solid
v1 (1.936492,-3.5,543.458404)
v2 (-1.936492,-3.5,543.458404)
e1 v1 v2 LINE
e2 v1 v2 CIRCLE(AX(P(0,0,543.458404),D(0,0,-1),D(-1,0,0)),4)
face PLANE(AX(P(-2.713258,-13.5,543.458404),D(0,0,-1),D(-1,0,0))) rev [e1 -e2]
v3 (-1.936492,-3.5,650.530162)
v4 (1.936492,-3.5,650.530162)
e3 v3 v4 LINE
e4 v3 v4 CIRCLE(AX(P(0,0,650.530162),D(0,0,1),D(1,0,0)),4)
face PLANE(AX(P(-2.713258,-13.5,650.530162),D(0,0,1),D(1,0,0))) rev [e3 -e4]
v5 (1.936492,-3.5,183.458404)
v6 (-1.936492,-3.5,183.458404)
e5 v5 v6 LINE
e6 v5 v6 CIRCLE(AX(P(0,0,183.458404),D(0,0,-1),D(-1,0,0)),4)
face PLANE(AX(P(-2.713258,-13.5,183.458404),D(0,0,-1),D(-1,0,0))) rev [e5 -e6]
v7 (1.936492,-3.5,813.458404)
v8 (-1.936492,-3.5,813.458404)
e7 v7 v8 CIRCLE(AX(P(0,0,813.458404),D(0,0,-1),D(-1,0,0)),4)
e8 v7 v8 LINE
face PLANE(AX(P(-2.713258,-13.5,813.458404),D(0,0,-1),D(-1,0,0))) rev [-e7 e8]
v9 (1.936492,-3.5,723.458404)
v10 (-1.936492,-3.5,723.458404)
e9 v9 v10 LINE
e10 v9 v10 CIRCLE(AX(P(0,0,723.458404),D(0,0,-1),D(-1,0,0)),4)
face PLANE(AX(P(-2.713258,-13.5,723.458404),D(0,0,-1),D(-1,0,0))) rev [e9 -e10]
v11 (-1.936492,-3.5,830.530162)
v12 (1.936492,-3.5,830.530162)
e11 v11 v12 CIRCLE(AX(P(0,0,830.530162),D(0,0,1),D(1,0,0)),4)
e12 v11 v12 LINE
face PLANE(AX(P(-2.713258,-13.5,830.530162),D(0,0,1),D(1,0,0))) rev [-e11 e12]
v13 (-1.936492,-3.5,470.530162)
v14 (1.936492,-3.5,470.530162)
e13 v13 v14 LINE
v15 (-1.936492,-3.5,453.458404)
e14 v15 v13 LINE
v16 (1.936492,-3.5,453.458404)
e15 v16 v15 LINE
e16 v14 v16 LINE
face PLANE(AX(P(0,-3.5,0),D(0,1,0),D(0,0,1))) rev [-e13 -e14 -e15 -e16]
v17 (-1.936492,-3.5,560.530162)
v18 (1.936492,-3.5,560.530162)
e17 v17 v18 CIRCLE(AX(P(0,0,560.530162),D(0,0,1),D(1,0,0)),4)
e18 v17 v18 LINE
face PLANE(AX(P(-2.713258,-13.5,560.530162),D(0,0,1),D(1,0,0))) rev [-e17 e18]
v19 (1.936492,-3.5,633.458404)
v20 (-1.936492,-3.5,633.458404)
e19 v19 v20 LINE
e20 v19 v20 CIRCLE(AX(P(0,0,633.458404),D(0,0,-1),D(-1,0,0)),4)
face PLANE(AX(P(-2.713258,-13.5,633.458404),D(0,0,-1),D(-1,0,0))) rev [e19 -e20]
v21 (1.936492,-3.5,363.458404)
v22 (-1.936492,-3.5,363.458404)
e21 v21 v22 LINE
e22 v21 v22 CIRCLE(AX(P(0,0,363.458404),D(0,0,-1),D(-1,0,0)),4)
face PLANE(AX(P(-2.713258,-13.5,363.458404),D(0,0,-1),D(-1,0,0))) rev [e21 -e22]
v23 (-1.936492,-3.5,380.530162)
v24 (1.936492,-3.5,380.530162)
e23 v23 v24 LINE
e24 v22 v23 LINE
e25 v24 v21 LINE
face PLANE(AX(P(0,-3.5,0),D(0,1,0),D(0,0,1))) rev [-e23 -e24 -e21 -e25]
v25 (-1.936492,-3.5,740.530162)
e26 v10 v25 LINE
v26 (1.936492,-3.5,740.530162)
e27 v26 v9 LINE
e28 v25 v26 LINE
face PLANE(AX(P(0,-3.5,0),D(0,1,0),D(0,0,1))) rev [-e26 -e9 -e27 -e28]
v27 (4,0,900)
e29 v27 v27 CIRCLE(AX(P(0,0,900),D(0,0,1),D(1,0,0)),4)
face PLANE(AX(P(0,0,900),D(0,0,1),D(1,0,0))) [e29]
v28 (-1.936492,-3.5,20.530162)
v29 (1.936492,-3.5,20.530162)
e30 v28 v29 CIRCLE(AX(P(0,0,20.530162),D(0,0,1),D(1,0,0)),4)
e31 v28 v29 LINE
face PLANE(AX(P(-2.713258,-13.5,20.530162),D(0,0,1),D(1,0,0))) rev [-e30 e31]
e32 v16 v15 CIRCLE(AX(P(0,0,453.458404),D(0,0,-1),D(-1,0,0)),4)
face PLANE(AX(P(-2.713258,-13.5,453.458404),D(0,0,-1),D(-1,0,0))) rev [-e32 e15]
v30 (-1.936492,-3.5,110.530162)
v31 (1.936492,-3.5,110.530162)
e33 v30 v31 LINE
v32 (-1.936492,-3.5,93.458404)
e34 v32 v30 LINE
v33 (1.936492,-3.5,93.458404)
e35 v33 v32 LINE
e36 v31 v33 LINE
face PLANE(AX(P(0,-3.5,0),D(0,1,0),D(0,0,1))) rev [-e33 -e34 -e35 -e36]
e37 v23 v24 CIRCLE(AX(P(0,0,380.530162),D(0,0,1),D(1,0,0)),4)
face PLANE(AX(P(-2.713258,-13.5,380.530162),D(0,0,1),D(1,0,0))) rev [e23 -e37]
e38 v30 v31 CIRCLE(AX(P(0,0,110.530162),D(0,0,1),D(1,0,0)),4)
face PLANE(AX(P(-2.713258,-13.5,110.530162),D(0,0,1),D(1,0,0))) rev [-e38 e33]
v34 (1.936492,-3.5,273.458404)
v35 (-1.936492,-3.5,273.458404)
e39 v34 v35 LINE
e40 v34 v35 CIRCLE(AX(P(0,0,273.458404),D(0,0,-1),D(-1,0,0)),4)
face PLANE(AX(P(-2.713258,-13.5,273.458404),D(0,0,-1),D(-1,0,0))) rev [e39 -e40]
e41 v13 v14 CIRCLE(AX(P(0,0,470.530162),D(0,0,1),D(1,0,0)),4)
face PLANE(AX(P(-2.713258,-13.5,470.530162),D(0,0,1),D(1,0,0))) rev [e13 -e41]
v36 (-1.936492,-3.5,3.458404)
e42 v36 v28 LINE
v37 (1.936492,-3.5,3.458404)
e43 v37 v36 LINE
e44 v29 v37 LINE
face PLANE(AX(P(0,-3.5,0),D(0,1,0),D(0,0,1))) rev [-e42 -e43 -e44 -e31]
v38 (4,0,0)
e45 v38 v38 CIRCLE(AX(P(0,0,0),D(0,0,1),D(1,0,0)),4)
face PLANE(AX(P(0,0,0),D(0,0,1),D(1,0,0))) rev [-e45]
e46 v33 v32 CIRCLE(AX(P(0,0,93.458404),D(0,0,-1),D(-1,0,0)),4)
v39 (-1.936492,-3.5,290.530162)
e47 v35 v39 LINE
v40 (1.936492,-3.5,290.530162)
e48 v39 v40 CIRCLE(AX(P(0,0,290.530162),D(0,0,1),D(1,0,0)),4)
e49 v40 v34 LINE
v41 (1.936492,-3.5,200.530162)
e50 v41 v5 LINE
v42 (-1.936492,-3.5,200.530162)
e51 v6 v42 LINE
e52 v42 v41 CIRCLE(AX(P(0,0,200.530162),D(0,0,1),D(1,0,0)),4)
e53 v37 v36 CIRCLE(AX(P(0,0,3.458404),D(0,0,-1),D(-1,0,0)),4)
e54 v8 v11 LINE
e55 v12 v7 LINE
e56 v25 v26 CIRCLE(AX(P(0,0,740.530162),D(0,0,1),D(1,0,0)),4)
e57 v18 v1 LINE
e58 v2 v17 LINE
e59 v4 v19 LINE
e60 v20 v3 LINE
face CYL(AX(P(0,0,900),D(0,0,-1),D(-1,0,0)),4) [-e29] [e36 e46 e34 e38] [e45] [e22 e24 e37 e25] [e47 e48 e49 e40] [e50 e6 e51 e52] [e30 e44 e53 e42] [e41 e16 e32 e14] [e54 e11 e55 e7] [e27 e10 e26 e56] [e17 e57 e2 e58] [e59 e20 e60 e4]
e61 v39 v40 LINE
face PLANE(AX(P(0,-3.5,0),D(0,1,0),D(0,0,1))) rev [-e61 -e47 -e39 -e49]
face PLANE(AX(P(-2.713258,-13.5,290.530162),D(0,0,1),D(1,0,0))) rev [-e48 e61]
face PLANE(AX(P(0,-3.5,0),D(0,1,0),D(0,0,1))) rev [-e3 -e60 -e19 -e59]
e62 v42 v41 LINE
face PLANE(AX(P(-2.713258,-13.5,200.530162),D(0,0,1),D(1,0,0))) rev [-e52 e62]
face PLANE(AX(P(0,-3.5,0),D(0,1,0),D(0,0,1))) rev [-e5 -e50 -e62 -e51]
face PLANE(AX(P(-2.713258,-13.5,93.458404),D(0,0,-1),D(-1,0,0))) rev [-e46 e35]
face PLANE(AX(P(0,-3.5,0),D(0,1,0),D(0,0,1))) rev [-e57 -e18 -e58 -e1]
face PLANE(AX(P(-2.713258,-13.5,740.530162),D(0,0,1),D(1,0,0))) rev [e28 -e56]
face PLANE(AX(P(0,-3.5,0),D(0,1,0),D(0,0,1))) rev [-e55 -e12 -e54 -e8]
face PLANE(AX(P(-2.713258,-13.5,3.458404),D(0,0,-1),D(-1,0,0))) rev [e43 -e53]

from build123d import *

# Parameters (mm, degrees)
SKETCH1_R           = 4
BOSS_EXTRUDE1_DEPTH = 900
CUT_EXTRUDE1_START  = -3.5
SKETCH2_W           = 5.340885048
SKETCH2_H           = 17.071757563
CUT_EXTRUDE1_DEPTH  = 10


with BuildPart() as part:
    # Sketch1 → Boss-Extrude1 (new body)
    with BuildSketch(Plane.XY):
        Circle(SKETCH1_R)
    extrude(amount=BOSS_EXTRUDE1_DEPTH)

    # Sketch2 → Cut-Extrude1 (cut)
    with BuildSketch(Plane(origin=(0, 0, 0), x_dir=(1, 0, 0), z_dir=(0, 1, 0)).offset(CUT_EXTRUDE1_START)):
        with Locations((-0.042815547, -101.994282838)):
            Rectangle(SKETCH2_W, SKETCH2_H)
        with Locations((-0.042815547, -11.994282838)):
            Rectangle(SKETCH2_W, SKETCH2_H)
        with Locations((-0.042815547, -191.994282838)):
            Rectangle(SKETCH2_W, SKETCH2_H)
        with Locations((-0.042815547, -281.994282838)):
            Rectangle(SKETCH2_W, SKETCH2_H)
        with Locations((-0.042815547, -371.994282838)):
            Rectangle(SKETCH2_W, SKETCH2_H)
        with Locations((-0.042815547, -461.994282838)):
            Rectangle(SKETCH2_W, SKETCH2_H)
        with Locations((-0.042815547, -551.994282838)):
            Rectangle(SKETCH2_W, SKETCH2_H)
        with Locations((-0.042815547, -641.994282838)):
            Rectangle(SKETCH2_W, SKETCH2_H)
        with Locations((-0.042815547, -731.994282838)):
            Rectangle(SKETCH2_W, SKETCH2_H)
        with Locations((-0.042815547, -821.994282838)):
            Rectangle(SKETCH2_W, SKETCH2_H)
    extrude(amount=-CUT_EXTRUDE1_DEPTH, mode=Mode.SUBTRACT)


solid = part.part
